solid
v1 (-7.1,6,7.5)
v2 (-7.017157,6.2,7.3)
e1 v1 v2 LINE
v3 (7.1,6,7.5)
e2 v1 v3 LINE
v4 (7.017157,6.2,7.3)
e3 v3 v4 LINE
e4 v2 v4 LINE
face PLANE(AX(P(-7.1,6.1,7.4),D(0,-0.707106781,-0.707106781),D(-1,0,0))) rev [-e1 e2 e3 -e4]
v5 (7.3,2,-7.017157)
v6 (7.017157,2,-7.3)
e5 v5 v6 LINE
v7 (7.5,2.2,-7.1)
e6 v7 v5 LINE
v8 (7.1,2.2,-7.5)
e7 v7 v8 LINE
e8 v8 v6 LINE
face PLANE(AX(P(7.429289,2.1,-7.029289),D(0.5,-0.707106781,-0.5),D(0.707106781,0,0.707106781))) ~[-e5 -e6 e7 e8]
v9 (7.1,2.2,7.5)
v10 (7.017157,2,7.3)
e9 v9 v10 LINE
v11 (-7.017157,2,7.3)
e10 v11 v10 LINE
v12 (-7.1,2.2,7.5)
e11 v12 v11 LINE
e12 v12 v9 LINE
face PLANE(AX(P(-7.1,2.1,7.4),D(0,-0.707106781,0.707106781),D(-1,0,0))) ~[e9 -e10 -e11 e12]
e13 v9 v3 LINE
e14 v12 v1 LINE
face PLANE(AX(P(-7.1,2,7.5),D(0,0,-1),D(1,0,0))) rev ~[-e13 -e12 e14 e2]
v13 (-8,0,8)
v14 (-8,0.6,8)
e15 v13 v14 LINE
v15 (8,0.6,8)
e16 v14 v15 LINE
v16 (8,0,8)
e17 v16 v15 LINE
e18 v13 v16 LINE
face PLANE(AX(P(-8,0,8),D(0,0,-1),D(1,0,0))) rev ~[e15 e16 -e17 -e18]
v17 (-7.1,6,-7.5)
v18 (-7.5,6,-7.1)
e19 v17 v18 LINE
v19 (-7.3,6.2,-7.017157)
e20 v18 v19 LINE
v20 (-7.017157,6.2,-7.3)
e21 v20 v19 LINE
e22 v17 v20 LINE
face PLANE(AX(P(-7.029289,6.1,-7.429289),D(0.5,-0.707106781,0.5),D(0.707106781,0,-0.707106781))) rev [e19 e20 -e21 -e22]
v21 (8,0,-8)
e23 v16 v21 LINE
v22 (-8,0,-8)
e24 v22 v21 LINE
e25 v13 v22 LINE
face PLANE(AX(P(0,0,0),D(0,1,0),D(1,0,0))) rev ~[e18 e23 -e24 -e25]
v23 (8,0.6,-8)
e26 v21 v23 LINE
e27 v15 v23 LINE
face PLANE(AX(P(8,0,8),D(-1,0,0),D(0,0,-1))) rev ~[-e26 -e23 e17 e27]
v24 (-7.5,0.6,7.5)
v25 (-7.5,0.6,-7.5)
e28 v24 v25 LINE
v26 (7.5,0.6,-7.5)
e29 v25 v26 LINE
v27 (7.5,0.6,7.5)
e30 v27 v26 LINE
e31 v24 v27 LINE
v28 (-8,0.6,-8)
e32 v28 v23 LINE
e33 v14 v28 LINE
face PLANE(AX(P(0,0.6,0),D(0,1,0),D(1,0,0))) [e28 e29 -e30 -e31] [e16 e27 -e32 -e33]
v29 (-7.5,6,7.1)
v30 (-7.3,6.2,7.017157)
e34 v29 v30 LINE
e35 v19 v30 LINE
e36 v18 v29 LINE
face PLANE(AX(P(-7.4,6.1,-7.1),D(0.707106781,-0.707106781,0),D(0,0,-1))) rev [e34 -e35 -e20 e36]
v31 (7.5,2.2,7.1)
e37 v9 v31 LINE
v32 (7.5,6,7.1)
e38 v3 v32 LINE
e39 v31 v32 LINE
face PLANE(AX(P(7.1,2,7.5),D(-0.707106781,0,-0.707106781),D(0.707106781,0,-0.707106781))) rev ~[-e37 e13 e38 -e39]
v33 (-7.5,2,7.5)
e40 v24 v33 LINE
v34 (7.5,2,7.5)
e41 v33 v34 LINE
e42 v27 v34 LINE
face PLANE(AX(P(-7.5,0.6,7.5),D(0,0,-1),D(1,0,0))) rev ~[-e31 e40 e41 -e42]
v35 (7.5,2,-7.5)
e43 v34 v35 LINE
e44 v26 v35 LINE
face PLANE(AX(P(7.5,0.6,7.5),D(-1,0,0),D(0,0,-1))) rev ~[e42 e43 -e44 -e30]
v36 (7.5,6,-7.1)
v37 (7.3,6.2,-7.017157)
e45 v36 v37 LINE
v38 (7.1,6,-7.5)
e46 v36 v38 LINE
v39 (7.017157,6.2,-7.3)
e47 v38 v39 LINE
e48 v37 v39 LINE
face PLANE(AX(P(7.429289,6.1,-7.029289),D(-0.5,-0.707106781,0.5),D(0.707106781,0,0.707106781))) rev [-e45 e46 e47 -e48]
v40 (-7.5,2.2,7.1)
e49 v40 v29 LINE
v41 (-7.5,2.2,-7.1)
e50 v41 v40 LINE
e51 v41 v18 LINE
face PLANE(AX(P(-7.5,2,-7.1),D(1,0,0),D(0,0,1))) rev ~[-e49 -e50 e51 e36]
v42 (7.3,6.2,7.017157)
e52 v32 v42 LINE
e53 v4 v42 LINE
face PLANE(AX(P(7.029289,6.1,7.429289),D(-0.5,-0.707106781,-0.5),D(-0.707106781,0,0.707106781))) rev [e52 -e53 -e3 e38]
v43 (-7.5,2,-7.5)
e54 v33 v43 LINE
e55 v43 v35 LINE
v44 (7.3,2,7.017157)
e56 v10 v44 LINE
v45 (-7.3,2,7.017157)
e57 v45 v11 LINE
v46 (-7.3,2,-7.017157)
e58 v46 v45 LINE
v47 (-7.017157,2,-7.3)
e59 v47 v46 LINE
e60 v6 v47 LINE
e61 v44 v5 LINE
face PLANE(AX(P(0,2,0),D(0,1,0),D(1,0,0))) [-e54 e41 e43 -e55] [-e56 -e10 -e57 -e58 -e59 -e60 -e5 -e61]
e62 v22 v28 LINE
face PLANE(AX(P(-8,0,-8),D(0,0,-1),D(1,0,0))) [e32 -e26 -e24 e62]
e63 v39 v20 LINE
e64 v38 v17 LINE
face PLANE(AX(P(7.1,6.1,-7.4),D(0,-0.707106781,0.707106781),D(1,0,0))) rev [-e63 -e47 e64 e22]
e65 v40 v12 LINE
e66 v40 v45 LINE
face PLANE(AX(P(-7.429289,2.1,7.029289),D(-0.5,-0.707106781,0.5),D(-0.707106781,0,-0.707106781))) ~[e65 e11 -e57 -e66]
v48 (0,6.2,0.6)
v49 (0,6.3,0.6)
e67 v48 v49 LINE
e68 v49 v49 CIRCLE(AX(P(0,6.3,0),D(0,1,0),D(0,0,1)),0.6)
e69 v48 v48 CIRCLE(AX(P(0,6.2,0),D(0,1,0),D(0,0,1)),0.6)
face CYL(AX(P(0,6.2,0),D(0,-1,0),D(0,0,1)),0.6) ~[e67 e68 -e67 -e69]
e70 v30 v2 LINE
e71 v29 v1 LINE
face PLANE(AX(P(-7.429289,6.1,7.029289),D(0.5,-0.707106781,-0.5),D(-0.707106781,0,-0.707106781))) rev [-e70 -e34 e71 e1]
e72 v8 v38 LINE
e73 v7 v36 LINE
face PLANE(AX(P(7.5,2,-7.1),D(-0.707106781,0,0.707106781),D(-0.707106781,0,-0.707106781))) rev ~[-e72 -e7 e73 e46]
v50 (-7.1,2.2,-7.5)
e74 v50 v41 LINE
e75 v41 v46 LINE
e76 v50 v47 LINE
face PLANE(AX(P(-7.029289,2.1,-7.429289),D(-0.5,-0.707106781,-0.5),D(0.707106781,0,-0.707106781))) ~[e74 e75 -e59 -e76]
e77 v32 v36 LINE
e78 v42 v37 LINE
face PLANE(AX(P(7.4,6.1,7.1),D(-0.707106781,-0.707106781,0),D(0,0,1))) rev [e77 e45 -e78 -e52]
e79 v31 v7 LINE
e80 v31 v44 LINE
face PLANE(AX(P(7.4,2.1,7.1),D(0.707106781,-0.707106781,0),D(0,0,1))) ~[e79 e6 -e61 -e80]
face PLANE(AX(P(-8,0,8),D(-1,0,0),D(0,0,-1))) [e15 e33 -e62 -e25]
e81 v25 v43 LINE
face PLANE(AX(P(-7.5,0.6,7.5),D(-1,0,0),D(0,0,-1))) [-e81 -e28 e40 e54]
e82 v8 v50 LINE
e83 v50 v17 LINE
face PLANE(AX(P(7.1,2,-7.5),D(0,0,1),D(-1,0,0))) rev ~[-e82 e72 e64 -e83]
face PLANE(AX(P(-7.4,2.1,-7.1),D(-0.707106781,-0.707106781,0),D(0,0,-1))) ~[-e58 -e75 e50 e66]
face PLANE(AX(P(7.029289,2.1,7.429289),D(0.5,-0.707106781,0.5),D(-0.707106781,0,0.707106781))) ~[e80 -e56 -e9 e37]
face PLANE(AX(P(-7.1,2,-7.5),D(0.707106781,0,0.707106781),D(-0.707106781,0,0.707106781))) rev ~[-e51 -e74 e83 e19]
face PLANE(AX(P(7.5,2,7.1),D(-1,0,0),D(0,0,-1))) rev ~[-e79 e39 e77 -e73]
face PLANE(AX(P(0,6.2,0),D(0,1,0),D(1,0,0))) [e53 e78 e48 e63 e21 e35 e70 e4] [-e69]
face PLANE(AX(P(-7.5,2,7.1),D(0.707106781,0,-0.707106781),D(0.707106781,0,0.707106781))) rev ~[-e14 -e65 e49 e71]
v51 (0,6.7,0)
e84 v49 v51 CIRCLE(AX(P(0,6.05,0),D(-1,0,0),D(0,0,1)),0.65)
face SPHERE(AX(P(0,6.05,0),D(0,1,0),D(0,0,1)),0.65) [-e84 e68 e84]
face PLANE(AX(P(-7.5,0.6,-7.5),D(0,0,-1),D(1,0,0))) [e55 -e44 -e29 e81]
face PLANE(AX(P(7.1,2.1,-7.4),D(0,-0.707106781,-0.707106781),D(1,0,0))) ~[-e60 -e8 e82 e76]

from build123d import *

# Parameters (mm, degrees)
SKETCH1_W           = 16
SKETCH1_H           = 16
BOSS_EXTRUDE1_DEPTH = 0.6
SKETCH2_W           = 15
SKETCH2_H           = 15
BOSS_EXTRUDE2_DEPTH = 1.4
BOSS_EXTRUDE3_DEPTH = 4.2
CHAMFER1_SIZE       = 0.2
SKETCH4_R           = 0.6
BOSS_EXTRUDE4_DEPTH = 0.1
DOME1_FACE_RADIUS   = 0.6
DOME1_HEIGHT        = 0.4


with BuildPart() as part:
    # Sketch1 → Boss-Extrude1 (new body)
    with BuildSketch(Plane(origin=(0, 0, 0), x_dir=(1, 0, 0), z_dir=(0, 1, 0))):
        Rectangle(SKETCH1_W, SKETCH1_H)
    extrude(amount=BOSS_EXTRUDE1_DEPTH)

    # Sketch2 → Boss-Extrude2 (add)
    with BuildSketch(Plane(origin=(0, 0.6, 0), x_dir=(1, 0, 0), z_dir=(0, 1, 0))):
        Rectangle(SKETCH2_W, SKETCH2_H)
    extrude(amount=BOSS_EXTRUDE2_DEPTH)


with BuildPart() as body_2:
    # Sketch3 → Boss-Extrude3 (new body)
    with BuildSketch(Plane(origin=(0, 2, 0), x_dir=(1, 0, 0), z_dir=(0, 1, 0))):
        Polygon((-7.1, 7.5), (-7.5, 7.1), (-7.5, -7.1), (-7.1, -7.5), (7.1, -7.5), (7.5, -7.1), (7.5, 7.1), (7.1, 7.5), align=None)
    extrude(amount=BOSS_EXTRUDE3_DEPTH)

    # Chamfer1
    chamfer1_edges = [body_2.edges().sort_by_distance(p)[0] for p in [
        (0, 6.2, 7.5),
        (-7.3, 2, 7.3),
        (-7.5, 2, 0),
        (7.3, 6.2, 7.3),
        (7.5, 6.2, 0),
        (7.3, 6.2, -7.3),
        (0, 6.2, -7.5),
        (-7.3, 6.2, -7.3),
        (-7.5, 6.2, 0),
        (-7.3, 6.2, 7.3),
        (-7.3, 2, -7.3),
        (0, 2, -7.5),
        (7.3, 2, -7.3),
        (7.5, 2, 0),
        (7.3, 2, 7.3),
        (0, 2, 7.5),
    ]]
    chamfer(chamfer1_edges, length=CHAMFER1_SIZE)

    # Combine1: union part
    add(part.part)

    # Sketch4 → Boss-Extrude4 (add)
    with BuildSketch(Plane(origin=(0, 6.2, 0), x_dir=(1, 0, 0), z_dir=(0, 1, 0))):
        with Locations(Location((0, 0, 0), (0, 0, 270))):
            Circle(SKETCH4_R)
    extrude(amount=BOSS_EXTRUDE4_DEPTH)

    # Dome1: a dome of height H over a round flat face of radius A is a cap of a sphere of radius (A * A + H * H) / (2 * H)
    dome1_r = (DOME1_FACE_RADIUS * DOME1_FACE_RADIUS + DOME1_HEIGHT * DOME1_HEIGHT) / (2 * DOME1_HEIGHT)
    dome1_base = Plane((0, 6.3, 0), z_dir=(0, 1, 0))
    with Locations(dome1_base.offset(DOME1_HEIGHT - dome1_r)):
        dome1_ball = Sphere(dome1_r, mode=Mode.PRIVATE)
    add(split(dome1_ball, bisect_by=dome1_base, keep=Keep.TOP, mode=Mode.PRIVATE))


solid = body_2.part
